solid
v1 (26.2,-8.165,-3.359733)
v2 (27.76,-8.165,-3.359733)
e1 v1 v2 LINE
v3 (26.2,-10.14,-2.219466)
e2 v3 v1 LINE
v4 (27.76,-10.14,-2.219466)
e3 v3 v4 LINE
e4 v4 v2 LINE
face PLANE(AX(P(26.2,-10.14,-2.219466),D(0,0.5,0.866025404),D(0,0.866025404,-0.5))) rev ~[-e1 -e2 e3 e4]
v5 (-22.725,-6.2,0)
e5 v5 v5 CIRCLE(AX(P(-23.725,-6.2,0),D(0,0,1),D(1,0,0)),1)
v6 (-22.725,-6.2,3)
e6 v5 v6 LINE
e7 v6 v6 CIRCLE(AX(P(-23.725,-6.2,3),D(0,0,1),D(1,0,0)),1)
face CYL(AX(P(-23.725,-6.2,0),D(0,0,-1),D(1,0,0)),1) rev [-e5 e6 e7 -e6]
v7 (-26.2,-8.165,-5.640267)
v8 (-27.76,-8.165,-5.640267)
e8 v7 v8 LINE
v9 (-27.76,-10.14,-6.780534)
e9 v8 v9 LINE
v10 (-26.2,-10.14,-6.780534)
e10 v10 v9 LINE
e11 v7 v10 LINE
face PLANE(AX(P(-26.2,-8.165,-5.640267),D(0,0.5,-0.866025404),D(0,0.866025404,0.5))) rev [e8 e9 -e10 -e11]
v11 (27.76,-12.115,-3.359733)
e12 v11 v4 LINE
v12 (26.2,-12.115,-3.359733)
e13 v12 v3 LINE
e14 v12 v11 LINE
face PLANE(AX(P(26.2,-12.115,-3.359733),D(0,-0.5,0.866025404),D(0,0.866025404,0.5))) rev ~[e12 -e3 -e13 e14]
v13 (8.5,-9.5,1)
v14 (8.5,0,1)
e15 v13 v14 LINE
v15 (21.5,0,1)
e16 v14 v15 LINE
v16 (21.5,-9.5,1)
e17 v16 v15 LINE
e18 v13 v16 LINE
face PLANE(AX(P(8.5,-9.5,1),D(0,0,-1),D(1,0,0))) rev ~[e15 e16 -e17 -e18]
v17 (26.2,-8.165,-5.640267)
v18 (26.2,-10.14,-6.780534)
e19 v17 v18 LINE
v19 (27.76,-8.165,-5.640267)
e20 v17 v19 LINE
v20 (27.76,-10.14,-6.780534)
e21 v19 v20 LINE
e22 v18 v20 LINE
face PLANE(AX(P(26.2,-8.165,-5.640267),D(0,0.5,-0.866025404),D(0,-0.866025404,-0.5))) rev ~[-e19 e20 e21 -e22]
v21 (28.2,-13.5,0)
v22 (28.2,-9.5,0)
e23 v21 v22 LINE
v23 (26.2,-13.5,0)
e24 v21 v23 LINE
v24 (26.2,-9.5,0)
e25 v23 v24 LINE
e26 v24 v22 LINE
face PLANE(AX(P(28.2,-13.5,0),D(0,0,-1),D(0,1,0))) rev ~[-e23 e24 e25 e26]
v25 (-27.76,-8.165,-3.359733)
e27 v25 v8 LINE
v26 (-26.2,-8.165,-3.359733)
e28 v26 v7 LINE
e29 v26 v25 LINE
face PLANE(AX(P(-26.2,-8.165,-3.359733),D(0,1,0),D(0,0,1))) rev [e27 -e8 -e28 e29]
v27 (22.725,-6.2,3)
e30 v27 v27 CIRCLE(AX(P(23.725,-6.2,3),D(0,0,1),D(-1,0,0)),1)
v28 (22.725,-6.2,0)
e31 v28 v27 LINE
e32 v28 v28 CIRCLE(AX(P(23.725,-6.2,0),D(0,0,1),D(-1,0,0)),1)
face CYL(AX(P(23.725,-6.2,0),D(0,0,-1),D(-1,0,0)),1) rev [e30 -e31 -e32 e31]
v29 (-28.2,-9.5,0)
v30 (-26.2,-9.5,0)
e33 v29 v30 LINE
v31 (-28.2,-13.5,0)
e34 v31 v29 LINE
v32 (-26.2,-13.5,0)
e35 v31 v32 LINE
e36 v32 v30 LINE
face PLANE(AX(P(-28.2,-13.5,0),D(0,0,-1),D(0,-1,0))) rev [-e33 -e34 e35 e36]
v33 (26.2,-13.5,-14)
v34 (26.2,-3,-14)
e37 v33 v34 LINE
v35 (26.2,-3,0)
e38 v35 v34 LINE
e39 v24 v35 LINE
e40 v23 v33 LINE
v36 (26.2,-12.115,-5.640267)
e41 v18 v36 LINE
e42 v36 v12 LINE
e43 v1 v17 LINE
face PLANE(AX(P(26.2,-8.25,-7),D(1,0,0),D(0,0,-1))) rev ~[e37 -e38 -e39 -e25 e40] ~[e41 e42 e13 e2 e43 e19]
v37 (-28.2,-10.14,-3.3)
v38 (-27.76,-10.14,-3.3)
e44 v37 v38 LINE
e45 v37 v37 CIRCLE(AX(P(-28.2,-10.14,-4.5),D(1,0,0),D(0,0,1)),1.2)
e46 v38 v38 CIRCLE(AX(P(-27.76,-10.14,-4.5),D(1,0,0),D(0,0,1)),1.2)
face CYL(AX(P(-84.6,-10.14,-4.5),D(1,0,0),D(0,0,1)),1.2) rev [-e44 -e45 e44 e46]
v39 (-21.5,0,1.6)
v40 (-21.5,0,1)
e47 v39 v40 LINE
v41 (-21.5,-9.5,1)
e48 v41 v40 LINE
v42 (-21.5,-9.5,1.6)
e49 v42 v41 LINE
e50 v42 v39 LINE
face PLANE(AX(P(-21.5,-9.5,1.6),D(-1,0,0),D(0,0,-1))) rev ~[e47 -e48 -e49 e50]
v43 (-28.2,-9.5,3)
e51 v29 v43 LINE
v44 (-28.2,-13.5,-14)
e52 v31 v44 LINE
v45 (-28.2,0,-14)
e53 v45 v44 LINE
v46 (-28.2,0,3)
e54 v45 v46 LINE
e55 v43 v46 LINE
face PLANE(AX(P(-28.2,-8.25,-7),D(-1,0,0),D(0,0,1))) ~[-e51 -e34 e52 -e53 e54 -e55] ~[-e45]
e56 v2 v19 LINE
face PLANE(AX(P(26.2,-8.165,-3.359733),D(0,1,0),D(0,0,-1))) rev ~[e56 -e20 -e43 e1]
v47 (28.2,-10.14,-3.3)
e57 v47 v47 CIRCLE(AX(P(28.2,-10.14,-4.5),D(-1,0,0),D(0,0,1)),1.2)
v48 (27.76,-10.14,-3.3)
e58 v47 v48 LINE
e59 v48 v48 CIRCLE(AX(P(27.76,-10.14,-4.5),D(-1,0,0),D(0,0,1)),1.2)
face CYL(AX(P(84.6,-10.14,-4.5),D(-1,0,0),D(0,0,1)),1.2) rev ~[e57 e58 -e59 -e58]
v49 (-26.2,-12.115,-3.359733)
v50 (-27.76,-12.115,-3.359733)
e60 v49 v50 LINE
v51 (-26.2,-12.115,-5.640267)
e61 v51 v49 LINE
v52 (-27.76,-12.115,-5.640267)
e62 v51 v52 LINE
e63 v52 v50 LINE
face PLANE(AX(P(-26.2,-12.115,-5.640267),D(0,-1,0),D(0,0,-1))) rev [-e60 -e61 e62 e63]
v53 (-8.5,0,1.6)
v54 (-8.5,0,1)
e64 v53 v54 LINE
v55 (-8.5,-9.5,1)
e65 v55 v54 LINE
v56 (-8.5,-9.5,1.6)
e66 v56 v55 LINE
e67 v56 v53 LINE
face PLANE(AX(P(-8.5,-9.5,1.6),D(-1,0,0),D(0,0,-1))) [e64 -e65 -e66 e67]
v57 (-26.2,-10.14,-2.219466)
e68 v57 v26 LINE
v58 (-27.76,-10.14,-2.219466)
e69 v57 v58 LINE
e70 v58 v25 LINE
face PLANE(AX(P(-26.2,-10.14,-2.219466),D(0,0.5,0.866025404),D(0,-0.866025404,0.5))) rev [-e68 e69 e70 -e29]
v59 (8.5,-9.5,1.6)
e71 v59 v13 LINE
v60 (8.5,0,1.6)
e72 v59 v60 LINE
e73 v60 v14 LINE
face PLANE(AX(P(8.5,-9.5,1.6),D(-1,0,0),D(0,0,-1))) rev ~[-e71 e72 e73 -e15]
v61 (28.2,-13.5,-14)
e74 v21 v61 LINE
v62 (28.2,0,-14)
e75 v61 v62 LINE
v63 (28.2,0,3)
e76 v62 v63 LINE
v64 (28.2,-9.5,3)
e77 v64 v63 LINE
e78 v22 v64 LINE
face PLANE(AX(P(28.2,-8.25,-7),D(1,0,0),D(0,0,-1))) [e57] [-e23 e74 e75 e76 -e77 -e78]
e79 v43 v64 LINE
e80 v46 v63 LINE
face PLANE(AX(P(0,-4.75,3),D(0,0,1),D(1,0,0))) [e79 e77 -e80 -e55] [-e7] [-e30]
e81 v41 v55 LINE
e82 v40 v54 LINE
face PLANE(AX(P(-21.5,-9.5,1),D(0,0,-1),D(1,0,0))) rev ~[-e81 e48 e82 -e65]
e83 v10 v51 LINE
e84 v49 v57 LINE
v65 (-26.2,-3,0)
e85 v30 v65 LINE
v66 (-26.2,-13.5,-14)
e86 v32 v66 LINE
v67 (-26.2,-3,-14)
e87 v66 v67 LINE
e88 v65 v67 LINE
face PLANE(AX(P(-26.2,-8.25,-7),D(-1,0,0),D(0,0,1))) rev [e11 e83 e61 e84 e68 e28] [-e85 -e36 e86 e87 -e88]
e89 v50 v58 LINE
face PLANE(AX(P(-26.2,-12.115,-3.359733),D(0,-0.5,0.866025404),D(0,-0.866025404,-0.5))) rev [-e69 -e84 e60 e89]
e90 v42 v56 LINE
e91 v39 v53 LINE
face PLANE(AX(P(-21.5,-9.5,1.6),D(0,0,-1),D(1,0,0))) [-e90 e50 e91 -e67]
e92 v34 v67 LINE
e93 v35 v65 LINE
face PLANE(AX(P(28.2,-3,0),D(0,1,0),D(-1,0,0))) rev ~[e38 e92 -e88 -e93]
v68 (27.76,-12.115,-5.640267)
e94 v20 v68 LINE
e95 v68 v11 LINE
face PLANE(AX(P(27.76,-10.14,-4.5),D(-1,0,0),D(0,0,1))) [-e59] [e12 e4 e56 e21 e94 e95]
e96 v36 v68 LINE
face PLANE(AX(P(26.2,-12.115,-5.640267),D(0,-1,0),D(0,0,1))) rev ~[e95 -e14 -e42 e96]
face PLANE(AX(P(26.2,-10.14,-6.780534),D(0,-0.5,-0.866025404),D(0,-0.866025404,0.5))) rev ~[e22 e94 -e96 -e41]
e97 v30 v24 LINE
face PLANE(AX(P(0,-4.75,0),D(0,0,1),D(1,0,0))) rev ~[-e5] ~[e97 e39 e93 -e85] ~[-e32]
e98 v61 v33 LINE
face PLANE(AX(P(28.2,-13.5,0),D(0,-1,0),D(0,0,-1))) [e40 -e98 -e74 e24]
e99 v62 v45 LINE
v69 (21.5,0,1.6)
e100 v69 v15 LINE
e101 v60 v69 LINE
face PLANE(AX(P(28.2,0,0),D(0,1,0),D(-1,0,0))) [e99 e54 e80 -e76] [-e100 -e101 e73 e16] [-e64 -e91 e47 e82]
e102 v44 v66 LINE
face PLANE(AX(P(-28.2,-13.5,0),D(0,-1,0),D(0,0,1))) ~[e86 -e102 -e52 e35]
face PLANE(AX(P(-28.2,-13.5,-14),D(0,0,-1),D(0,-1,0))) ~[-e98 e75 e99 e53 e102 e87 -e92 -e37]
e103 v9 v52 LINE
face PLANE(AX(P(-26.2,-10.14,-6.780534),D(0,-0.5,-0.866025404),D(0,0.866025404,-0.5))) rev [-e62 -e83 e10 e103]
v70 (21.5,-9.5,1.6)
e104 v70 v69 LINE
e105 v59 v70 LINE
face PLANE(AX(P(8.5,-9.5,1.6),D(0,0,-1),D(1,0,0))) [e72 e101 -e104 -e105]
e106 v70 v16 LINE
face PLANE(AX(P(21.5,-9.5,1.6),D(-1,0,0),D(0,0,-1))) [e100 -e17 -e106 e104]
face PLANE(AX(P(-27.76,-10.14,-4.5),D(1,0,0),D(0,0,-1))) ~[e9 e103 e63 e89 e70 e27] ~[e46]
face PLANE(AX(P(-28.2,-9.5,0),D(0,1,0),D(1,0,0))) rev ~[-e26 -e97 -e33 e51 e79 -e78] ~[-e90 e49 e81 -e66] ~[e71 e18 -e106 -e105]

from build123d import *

# Parameters (mm, degrees)
SCHIZZO1_W                   = 56.4
SCHIZZO1_H                   = 9.5
SCHIZZO1_R                   = 1
ESTRUSIONE_ESTRUSIONE1_DEPTH = 3
SCHIZZO2_W                   = 56.4
SCHIZZO2_H                   = 3
ESTRUSIONE_ESTRUSIONE2_DEPTH = 14
SCHIZZO3_W                   = 14
SCHIZZO3_H                   = 10.5
ESTRUSIONE_ESTRUSIONE3_DEPTH = 2
FORO_PER_VITE_M2_1_D         = 2.4
FORO_PER_VITE_M2_1_DEPTH     = 56.4
TAGLIO_ESTRUSIONE1_DEPTH     = 1.56
TAGLIO_ESTRUSIONE3_START     = -9.5
SCHIZZO8_W                   = 13
SCHIZZO8_H                   = 0.6
TAGLIO_ESTRUSIONE3_DEPTH     = 9.5


with BuildPart() as part:
    # Schizzo1 → Estrusione-Estrusione1 (new body)
    with BuildSketch(Plane.XY):
        with Locations((0, -4.75)):
            Rectangle(SCHIZZO1_W, SCHIZZO1_H)
        with Locations((-23.725, -6.2)):
            Circle(SCHIZZO1_R, mode=Mode.SUBTRACT)
        with Locations(Location((23.725, -6.2, 0), (0, 0, 180))):
            Circle(SCHIZZO1_R, mode=Mode.SUBTRACT)
    extrude(amount=ESTRUSIONE_ESTRUSIONE1_DEPTH)

    # Schizzo2 → Estrusione-Estrusione2 (add)
    with BuildSketch(Plane(origin=(0, 0, 0), x_dir=(-1, 0, 0), z_dir=(0, 0, -1))):
        with Locations((0, -1.5)):
            Rectangle(SCHIZZO2_W, SCHIZZO2_H)
    extrude(amount=ESTRUSIONE_ESTRUSIONE2_DEPTH)

    # Schizzo3 → Estrusione-Estrusione3 (add)
    with BuildSketch(Plane(origin=(28.2, 0, 0), x_dir=(0, 0, -1), z_dir=(1, 0, 0))):
        with Locations((7, -8.25)):
            Rectangle(SCHIZZO3_W, SCHIZZO3_H)
    estrusione_estrusione3 = extrude(amount=-ESTRUSIONE_ESTRUSIONE3_DEPTH)

    # Foro per Vite M2-1
    with Locations(Plane(origin=(28.2, 0, 0), x_dir=(0, 0, -1), z_dir=(1, 0, 0))):
        with Locations((4.5, -10.14)):
            foro_per_vite_m2_1 = Hole(FORO_PER_VITE_M2_1_D / 2, depth=FORO_PER_VITE_M2_1_DEPTH)

    # Schizzo6 → Taglio-Estrusione1 (cut)
    with BuildSketch(Plane.ZY.offset(-26.2)):
        Polygon((-5.640266782, -8.165), (-6.780533563, -10.14), (-5.640266782, -12.115), (-3.359733218, -12.115), (-2.219466437, -10.14), (-3.359733218, -8.165), align=None)
    taglio_estrusione1 = extrude(amount=-TAGLIO_ESTRUSIONE1_DEPTH, mode=Mode.SUBTRACT)

    # Specchia2: Estrusione-Estrusione3, Foro per Vite M2-1, Taglio-Estrusione1 across plane
    add(estrusione_estrusione3.mirror(Plane(origin=(0, 0, 0), x_dir=(0, 0, 1), z_dir=(1, 0, 0))))
    add(foro_per_vite_m2_1.mirror(Plane(origin=(0, 0, 0), x_dir=(0, 0, 1), z_dir=(1, 0, 0))), mode=Mode.SUBTRACT)
    add(taglio_estrusione1.mirror(Plane(origin=(0, 0, 0), x_dir=(0, 0, 1), z_dir=(1, 0, 0))), mode=Mode.SUBTRACT)

    # Schizzo8 → Taglio-Estrusione3 (cut)
    with BuildSketch(Plane(origin=(0, 0, -9), x_dir=(1, 0, 0), z_dir=(0, 1, 0)).offset(TAGLIO_ESTRUSIONE3_START)):
        with Locations((15, -10.3)):
            Rectangle(SCHIZZO8_W, SCHIZZO8_H)
        with Locations((-15, -10.3)):
            Rectangle(SCHIZZO8_W, SCHIZZO8_H)
    extrude(amount=TAGLIO_ESTRUSIONE3_DEPTH, mode=Mode.SUBTRACT)


solid = part.part
